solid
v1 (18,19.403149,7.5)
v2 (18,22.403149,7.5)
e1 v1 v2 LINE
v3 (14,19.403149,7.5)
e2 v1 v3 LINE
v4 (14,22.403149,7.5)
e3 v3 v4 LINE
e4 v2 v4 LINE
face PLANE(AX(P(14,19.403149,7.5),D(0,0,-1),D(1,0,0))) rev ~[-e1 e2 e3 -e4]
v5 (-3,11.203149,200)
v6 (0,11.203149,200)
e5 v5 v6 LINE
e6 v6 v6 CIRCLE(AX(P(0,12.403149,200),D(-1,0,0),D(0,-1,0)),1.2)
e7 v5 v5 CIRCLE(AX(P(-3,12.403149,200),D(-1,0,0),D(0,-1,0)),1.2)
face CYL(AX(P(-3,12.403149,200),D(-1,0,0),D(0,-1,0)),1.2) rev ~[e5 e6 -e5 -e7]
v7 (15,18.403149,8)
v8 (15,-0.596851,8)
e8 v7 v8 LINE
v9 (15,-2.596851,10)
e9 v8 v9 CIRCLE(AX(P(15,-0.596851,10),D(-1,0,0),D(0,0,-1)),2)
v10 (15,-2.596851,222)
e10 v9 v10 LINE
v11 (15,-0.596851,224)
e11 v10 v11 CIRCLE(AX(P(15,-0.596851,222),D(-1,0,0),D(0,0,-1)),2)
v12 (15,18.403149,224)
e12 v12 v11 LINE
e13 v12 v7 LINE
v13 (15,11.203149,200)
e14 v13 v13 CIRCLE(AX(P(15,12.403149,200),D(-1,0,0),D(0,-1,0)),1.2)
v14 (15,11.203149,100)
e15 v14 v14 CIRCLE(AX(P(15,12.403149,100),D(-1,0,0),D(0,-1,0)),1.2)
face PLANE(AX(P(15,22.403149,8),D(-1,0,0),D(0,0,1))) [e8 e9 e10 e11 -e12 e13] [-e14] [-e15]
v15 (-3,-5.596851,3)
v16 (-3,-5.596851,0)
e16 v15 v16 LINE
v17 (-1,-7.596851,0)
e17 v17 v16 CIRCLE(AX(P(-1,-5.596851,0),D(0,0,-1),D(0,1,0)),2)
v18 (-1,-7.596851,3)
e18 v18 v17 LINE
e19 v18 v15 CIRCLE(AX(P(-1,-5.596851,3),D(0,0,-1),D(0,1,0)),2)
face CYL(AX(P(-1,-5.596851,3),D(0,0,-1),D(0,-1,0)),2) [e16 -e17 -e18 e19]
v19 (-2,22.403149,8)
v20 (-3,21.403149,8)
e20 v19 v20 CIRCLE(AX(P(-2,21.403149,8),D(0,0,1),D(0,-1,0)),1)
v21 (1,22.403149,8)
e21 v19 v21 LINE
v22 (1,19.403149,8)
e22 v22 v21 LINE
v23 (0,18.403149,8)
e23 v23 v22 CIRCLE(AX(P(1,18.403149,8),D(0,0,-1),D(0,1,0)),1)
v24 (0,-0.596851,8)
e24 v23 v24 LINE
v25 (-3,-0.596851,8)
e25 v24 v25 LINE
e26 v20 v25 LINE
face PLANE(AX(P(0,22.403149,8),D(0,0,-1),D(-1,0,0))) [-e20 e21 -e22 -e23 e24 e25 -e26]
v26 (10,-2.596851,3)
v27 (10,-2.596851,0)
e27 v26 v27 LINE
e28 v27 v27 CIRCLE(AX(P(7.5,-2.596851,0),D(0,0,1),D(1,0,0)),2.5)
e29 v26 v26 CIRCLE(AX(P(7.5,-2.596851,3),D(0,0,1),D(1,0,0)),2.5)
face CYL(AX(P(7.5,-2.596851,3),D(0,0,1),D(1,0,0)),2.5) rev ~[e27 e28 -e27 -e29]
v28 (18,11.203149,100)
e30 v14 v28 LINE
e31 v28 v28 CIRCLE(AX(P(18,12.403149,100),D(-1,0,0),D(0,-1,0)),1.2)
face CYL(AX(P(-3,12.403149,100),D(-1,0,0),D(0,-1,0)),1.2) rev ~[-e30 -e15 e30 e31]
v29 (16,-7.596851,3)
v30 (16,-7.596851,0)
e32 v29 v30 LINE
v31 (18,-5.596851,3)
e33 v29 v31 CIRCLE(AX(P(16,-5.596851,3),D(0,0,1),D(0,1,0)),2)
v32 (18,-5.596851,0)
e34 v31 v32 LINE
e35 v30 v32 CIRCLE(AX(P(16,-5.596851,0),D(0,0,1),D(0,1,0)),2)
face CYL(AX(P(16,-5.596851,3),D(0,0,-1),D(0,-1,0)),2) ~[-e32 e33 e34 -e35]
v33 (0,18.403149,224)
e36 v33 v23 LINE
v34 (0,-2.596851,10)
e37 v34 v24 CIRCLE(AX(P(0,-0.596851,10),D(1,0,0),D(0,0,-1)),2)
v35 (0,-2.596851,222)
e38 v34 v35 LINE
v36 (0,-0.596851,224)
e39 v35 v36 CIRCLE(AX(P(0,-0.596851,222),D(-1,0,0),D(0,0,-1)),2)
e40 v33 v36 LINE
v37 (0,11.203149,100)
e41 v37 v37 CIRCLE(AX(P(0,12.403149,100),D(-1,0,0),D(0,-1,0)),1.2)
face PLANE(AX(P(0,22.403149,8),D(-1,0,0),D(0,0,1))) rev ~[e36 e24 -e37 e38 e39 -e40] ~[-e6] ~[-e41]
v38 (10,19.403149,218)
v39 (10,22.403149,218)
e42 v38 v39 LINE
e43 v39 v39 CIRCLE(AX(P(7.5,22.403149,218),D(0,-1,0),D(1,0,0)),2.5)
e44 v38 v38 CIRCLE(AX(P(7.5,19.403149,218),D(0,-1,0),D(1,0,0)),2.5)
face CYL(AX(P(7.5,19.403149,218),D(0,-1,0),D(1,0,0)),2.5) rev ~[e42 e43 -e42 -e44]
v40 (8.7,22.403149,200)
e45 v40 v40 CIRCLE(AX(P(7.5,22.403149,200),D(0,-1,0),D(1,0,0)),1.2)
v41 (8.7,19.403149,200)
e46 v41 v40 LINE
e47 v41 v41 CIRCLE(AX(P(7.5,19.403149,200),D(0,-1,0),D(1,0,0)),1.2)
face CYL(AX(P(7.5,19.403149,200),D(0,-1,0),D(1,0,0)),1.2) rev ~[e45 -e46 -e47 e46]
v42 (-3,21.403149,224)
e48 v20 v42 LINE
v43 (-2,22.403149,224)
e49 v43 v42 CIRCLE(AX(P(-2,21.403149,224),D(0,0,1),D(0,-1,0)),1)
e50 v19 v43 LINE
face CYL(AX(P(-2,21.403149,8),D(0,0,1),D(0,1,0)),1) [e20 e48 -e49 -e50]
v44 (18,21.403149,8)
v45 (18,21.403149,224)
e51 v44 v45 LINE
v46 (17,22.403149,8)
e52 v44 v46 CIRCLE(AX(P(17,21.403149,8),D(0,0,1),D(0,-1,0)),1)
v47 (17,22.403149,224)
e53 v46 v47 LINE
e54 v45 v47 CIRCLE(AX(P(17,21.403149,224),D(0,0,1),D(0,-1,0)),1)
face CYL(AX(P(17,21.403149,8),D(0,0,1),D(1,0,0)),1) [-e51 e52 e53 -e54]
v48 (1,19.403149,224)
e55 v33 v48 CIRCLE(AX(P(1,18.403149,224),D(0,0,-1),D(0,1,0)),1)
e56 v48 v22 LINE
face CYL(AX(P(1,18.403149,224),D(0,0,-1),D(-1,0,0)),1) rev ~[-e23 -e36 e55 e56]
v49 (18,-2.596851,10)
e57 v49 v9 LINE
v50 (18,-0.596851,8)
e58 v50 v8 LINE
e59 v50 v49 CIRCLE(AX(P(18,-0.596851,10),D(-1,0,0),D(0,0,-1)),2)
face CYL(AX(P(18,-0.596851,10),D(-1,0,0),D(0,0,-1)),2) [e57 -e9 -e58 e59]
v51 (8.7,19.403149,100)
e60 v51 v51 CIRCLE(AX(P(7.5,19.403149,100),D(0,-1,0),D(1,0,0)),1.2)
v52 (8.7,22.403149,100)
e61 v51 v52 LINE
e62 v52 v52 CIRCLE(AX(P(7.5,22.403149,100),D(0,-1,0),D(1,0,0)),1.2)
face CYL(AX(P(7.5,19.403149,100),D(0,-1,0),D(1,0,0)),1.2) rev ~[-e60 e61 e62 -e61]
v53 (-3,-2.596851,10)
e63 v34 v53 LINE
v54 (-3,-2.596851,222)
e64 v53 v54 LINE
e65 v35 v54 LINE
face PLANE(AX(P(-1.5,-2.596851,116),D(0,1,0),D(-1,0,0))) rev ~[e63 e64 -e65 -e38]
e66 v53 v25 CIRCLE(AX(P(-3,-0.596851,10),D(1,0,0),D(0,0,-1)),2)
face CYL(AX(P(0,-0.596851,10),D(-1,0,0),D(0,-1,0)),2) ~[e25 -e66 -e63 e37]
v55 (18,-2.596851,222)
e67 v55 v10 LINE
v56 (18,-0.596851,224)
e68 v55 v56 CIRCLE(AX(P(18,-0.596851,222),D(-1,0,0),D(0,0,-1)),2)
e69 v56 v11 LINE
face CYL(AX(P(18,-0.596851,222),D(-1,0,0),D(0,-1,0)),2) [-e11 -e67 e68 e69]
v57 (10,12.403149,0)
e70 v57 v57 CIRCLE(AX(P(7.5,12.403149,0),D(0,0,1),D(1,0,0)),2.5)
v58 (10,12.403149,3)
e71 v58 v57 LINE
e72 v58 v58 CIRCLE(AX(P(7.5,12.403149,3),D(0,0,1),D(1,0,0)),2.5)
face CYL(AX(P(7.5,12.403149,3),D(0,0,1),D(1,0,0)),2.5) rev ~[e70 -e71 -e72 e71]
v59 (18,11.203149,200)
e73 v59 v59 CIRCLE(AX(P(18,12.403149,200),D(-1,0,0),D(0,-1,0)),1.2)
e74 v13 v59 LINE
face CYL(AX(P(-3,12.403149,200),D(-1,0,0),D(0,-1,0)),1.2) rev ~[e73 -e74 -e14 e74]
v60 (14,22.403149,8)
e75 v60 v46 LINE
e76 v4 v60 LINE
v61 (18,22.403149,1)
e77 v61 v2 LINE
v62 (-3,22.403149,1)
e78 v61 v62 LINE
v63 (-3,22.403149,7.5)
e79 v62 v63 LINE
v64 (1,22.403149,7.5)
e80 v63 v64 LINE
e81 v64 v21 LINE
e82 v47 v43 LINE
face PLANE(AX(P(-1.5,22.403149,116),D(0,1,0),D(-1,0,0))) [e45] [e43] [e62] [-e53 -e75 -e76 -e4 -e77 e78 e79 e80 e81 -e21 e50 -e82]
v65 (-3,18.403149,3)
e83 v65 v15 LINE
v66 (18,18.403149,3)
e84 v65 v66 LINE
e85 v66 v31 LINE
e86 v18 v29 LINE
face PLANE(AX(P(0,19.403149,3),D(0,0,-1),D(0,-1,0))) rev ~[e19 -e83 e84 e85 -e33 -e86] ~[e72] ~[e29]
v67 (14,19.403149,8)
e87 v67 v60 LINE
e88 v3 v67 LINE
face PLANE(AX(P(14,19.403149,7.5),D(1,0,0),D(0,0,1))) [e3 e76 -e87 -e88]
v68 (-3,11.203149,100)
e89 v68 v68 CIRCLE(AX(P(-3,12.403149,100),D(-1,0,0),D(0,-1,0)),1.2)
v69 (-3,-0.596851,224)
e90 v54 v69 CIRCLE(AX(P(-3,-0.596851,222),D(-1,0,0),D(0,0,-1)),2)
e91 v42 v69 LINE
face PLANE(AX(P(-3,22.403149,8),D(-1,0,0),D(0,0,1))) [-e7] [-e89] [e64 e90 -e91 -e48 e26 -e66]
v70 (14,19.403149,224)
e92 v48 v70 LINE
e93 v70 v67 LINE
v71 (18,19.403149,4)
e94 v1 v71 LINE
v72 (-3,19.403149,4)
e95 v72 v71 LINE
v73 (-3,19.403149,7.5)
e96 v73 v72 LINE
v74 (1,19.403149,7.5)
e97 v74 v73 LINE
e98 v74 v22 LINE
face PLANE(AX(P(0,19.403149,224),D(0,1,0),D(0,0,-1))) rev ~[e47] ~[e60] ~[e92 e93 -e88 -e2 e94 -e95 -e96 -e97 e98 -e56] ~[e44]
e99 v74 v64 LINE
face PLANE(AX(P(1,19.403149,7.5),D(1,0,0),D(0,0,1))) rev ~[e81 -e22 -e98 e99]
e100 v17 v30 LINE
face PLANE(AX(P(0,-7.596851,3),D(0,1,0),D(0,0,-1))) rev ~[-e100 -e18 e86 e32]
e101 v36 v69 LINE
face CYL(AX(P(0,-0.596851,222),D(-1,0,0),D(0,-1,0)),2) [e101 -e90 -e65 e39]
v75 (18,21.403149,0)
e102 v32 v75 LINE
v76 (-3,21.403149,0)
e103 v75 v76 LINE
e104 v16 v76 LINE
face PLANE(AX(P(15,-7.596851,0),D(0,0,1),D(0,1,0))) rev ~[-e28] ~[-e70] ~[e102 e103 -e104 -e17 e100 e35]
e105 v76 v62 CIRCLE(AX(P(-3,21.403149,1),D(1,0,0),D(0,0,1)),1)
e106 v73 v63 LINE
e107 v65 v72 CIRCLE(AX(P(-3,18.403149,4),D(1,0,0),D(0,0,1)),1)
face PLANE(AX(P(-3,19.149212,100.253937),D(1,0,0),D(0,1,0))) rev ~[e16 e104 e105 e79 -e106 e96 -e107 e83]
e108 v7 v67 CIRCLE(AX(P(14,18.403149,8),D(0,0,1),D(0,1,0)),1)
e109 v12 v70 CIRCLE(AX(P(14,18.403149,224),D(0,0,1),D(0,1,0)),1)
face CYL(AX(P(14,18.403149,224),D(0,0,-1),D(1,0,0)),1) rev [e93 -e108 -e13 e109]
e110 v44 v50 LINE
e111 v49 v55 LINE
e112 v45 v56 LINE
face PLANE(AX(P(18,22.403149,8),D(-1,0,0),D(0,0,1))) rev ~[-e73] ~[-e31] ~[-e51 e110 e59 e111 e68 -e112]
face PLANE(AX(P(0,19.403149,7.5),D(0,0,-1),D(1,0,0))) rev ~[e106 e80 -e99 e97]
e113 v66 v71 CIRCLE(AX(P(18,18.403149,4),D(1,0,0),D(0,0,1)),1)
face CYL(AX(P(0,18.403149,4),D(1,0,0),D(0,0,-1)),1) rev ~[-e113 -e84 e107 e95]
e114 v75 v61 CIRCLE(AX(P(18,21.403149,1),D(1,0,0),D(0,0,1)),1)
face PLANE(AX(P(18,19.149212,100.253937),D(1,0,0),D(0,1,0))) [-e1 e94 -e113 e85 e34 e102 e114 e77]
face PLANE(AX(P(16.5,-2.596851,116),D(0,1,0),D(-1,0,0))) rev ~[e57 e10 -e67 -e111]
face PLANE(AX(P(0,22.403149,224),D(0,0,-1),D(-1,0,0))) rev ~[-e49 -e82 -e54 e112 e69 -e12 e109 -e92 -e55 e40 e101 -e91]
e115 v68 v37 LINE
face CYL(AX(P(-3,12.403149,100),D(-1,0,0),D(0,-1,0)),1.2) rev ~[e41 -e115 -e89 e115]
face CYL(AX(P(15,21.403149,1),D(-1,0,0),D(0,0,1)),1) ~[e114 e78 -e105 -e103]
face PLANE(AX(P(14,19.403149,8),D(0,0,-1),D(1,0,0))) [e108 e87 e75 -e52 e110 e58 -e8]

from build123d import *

# Parameters (mm, degrees)
F1_DEPTH  = 15
F2_W      = 3
F2_H      = 216
F3_DEPTH  = 25
F4_R      = 2.5
F5_DEPTH  = 3
F6_W      = 1
F6_H      = 0.5
F7_DEPTH  = 3
F8_R      = 1
F9_R      = 2.5
F9_R_2    = 1.2
F10_DEPTH = 3
F11_R     = 1.2
F12_DEPTH = 34.2
F13_DEPTH = 3
F14_R     = 2


with BuildPart() as f1:
    # F0 (on Right) → F1 (new body)
    with BuildSketch(Plane.YZ):
        Polygon((-7.5968508422, 3), (-7.5968508422, 0), (22.4031491578, 0), (22.4031491578, 224), (19.4031491578, 224), (19.4031491578, 3), align=None)
    extrude(amount=F1_DEPTH)

    # F2 (on face) → F3 (join)
    with BuildSketch(Plane(origin=(0, 22.4031491578, 0), x_dir=(-1, 0, 0), z_dir=(0, 1, 0))):
        with Locations((1.5, 116)):
            Rectangle(F2_W, F2_H)
        with Locations((-16.5, 116)):
            Rectangle(F2_W, F2_H)
    extrude(amount=-F3_DEPTH)

    # F4 (on face) → F5 (cut)
    with BuildSketch(Plane.XY.offset(3)):
        with Locations((7.5, -2.5968508422)):
            Circle(F4_R)
        with Locations((7.5, 12.4031491578)):
            Circle(F4_R)
    extrude(amount=-F5_DEPTH, mode=Mode.SUBTRACT)

    # F6 (on face) → F7 (cut)
    with BuildSketch(Plane.XZ.offset(-19.4031491578)):
        with Locations((0.5, 7.75)):
            Rectangle(F6_W, F6_H)
        with Locations((14.5, 7.75)):
            Rectangle(F6_W, F6_H)
    extrude(amount=-F7_DEPTH, mode=Mode.SUBTRACT)

    # F8
    f8_edges = [f1.edges().sort_by_distance(p)[0] for p in [
        (7.5, 19.403149, 3),
        (7.5, 22.403149, 0),
        (0, 19.403149, 116),
        (-3, 22.403149, 116),
        (18, 22.403149, 116),
        (15, 19.403149, 116),
    ]]
    fillet(f8_edges, radius=F8_R)

    # F9 (on face) → F10 (cut)
    with BuildSketch(Plane.XZ.offset(-19.4031491578)):
        with Locations((7.5, 218)):
            Circle(F9_R)
        with Locations((7.5, 100)):
            Circle(F9_R_2)
        with Locations((7.5, 200)):
            Circle(F9_R_2)
    extrude(amount=-F10_DEPTH, mode=Mode.SUBTRACT)

    # F11 (on face) → F12 (cut)
    with BuildSketch(Plane(origin=(-3, 0, 0), x_dir=(0, -1, 0), z_dir=(-1, 0, 0))):
        with Locations((-12.4031491578, 200)):
            Circle(F11_R)
        with Locations((-12.4031491578, 100)):
            Circle(F11_R)
    extrude(amount=-F12_DEPTH, mode=Mode.SUBTRACT)

    # F13 (add, symmetric): faces of the model
    f13_faces = [f1.faces().sort_by_distance(p)[0] for p in [
        (0, 9.1577983799, 1.9953507779),
        (15, 9.1577983799, 1.9953507779),
    ]]
    extrude(f13_faces, amount=F13_DEPTH, both=True, dir=(-1, 0, 0))

    # F14
    f14_edges = [f1.edges().sort_by_distance(p)[0] for p in [
        (-3, -7.596851, 1.5),
        (18, -7.596851, 1.5),
        (-1.5, -2.596851, 8),
        (16.5, -2.596851, 8),
        (-1.5, -2.596851, 224),
        (16.5, -2.596851, 224),
    ]]
    fillet(f14_edges, radius=F14_R)


solid = f1.part
